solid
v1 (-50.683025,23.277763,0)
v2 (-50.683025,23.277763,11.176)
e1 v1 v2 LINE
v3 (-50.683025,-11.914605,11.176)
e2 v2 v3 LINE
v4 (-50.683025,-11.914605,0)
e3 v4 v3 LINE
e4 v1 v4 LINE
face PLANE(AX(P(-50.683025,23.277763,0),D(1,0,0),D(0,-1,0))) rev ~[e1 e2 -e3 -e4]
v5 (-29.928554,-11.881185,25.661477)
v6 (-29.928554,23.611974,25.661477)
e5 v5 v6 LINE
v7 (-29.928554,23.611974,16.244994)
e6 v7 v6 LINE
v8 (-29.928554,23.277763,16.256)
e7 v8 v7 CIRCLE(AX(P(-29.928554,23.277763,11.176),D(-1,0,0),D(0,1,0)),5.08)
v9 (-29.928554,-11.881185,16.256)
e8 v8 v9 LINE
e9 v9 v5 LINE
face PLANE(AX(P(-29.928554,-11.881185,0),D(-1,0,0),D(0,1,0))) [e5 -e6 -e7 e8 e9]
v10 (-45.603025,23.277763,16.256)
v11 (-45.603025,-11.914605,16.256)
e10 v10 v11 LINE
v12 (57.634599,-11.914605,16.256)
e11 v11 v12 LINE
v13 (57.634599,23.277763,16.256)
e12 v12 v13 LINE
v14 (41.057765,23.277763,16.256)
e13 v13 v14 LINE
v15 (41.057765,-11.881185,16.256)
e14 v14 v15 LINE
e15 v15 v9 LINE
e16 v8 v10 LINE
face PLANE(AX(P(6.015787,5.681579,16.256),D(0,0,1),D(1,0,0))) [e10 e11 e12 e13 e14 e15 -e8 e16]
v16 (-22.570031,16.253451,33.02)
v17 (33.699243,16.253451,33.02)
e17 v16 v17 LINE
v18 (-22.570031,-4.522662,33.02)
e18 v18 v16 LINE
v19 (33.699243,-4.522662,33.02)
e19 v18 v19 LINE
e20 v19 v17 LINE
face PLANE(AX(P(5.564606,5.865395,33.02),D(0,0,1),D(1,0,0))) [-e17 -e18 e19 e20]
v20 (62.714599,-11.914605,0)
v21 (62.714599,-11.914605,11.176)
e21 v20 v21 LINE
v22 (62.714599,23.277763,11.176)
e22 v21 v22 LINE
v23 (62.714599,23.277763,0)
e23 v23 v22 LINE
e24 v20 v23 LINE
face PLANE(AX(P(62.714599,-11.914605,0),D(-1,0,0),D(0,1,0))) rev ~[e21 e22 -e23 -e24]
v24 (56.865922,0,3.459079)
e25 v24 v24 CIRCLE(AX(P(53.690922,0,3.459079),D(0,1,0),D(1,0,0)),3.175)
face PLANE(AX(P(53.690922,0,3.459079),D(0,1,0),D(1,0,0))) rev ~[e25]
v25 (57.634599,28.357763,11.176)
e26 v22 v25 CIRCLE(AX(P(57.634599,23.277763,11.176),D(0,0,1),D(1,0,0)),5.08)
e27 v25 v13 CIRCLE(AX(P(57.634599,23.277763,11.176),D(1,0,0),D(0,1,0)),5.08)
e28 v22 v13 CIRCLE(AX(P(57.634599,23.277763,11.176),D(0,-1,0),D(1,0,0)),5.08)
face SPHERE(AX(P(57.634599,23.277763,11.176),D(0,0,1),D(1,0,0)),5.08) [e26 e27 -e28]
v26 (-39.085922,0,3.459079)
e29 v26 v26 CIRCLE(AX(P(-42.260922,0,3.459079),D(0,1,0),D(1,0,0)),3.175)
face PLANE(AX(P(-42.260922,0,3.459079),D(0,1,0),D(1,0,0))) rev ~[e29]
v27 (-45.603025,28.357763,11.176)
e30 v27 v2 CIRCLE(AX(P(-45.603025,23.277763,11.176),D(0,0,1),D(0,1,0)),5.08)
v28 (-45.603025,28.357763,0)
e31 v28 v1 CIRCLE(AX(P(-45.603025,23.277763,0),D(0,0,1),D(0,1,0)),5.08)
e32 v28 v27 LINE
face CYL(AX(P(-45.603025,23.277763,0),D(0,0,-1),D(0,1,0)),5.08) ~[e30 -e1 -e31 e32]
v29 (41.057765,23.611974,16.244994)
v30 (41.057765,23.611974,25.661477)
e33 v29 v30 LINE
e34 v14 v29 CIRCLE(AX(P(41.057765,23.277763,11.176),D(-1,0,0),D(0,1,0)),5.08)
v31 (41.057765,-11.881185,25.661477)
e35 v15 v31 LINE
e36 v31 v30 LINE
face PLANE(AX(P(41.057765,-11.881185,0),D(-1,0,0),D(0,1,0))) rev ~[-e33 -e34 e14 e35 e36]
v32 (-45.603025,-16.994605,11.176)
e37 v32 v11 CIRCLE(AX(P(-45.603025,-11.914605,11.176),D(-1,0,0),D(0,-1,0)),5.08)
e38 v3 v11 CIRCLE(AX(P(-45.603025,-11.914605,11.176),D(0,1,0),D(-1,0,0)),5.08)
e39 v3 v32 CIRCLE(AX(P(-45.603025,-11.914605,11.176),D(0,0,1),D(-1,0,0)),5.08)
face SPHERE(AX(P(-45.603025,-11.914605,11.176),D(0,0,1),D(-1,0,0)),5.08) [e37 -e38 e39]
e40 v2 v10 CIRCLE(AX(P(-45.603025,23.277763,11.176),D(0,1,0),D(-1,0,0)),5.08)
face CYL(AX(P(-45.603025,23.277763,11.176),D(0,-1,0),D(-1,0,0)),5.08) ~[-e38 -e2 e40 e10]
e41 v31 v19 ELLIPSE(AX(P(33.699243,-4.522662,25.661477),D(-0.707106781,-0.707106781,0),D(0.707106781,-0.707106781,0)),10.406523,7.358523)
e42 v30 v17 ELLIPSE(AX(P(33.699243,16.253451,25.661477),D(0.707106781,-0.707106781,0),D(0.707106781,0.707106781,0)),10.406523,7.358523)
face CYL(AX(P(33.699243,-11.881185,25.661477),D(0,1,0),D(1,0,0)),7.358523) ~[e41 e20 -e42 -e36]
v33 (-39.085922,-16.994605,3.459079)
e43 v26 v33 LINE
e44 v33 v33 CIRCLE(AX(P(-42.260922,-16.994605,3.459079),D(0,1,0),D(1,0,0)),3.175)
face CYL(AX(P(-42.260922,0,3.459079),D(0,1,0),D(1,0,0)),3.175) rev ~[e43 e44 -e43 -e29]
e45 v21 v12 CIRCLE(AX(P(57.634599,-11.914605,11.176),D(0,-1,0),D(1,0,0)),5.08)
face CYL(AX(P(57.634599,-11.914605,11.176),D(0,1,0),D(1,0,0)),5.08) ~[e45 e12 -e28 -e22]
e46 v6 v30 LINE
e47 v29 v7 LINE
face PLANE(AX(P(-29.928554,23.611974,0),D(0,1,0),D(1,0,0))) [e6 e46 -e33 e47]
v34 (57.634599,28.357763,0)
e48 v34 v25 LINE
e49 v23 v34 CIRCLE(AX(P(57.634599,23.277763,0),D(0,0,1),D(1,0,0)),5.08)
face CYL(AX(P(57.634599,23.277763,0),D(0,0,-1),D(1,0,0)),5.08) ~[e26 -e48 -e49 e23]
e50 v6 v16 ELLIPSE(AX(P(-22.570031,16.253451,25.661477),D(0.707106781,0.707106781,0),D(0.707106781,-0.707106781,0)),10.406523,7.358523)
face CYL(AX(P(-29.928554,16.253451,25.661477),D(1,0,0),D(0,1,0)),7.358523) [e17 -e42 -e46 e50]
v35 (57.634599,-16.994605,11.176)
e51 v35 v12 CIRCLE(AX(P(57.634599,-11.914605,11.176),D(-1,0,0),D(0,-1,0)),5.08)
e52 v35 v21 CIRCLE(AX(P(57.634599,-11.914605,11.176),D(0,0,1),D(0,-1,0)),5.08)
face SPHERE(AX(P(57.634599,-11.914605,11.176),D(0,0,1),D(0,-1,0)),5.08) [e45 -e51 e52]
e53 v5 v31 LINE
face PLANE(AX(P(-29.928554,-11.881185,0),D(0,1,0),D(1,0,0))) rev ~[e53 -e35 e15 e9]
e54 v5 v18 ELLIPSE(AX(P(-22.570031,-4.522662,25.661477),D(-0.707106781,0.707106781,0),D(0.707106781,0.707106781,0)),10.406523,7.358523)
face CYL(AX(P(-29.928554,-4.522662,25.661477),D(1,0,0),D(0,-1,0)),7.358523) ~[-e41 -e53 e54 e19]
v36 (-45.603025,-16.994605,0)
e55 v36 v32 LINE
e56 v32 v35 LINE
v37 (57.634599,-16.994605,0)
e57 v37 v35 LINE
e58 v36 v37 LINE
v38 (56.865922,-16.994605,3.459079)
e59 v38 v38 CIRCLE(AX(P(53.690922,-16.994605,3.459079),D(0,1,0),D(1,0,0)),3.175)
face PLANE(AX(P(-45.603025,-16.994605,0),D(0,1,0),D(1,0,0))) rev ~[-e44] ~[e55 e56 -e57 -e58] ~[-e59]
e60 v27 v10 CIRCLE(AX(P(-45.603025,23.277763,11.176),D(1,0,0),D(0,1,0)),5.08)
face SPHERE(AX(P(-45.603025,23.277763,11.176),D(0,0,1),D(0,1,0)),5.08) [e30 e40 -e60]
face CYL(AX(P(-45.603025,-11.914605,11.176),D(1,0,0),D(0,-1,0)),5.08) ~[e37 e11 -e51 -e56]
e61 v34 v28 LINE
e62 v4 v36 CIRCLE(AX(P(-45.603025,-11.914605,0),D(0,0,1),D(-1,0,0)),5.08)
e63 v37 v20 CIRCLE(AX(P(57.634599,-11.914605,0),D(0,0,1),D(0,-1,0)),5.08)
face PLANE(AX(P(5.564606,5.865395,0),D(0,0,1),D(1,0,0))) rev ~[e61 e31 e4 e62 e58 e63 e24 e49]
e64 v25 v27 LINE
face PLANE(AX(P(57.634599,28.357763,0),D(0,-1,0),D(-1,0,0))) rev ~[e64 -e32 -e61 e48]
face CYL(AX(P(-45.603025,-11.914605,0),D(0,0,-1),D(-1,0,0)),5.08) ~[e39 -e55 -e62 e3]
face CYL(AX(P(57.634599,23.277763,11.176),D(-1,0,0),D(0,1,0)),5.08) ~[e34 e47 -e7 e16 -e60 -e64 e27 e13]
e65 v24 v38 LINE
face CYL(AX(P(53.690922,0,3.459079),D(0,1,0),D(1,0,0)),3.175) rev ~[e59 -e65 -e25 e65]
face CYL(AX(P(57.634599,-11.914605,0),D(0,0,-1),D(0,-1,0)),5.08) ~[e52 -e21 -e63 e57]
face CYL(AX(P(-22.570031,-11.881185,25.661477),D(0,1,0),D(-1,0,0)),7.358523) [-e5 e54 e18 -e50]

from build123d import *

# Parameters (mm, degrees)
F1_DEPTH = 16.256
F2_R     = 5.08
F3_W     = 70.9863193333
F3_H     = 35.4931587353
F4_DEPTH = 33.02
F5_R     = 7.3585229381
F7_D     = 6.35
F7_DEPTH = 16.9956048409


with BuildPart() as f1:
    # F0 (on Top) → F1 (new body)
    with BuildSketch(Plane.XY):
        with BuildLine():
            Line((57.6345990729, 28.3577627349), (-45.6030252707, 28.3577627349))
            ThreePointArc((-45.6030252707, 28.3577627349), (-49.1951277191, 26.8698651833), (-50.6830252707, 23.2777627349))
            Line((-50.6830252707, 23.2777627349), (-50.6830252707, -11.9146048409))
            ThreePointArc((-50.6830252707, -11.9146048409), (-49.1951277191, -15.5067072893), (-45.6030252707, -16.9946048409))
            Line((-45.6030252707, -16.9946048409), (57.6345990729, -16.9946048409))
            ThreePointArc((57.6345990729, -16.9946048409), (61.2267015214, -15.5067072893), (62.7145990729, -11.9146048409))
            Line((62.7145990729, -11.9146048409), (62.7145990729, 23.2777627349))
            ThreePointArc((62.7145990729, 23.2777627349), (61.2267015214, 26.8698651833), (57.6345990729, 28.3577627349))
        make_face()
    extrude(amount=F1_DEPTH)

    # F2
    f2_edges = [f1.edges().sort_by_distance(p)[0] for p in [
        (-49.195128, -15.506707, 16.256),
    ]]
    fillet(f2_edges, radius=F2_R)

    # F3 (on Top) → F4 (join)
    with BuildSketch(Plane.XY):
        with Locations((5.5646058172, 5.8653946035)):
            Rectangle(F3_W, F3_H)
    extrude(amount=F4_DEPTH)

    # F5
    f5_edges = [f1.edges().sort_by_distance(p)[0] for p in [
        (5.564606, 23.611974, 33.02),
        (-29.928554, 5.865395, 33.02),
        (5.564606, -11.881185, 33.02),
        (41.057765, 5.865395, 33.02),
    ]]
    fillet(f5_edges, radius=F5_R)

    # F7 (through all, one way)
    with BuildSketch(Plane(origin=(0, 0, 0), x_dir=(1, 0, 0), z_dir=(0, 1, 0))):
        with Locations((53.6909215152, -3.4590789583), (-42.2609224916, -3.4590789583)):
            Circle(F7_D / 2)
    extrude(amount=-F7_DEPTH, mode=Mode.SUBTRACT)


solid = f1.part
